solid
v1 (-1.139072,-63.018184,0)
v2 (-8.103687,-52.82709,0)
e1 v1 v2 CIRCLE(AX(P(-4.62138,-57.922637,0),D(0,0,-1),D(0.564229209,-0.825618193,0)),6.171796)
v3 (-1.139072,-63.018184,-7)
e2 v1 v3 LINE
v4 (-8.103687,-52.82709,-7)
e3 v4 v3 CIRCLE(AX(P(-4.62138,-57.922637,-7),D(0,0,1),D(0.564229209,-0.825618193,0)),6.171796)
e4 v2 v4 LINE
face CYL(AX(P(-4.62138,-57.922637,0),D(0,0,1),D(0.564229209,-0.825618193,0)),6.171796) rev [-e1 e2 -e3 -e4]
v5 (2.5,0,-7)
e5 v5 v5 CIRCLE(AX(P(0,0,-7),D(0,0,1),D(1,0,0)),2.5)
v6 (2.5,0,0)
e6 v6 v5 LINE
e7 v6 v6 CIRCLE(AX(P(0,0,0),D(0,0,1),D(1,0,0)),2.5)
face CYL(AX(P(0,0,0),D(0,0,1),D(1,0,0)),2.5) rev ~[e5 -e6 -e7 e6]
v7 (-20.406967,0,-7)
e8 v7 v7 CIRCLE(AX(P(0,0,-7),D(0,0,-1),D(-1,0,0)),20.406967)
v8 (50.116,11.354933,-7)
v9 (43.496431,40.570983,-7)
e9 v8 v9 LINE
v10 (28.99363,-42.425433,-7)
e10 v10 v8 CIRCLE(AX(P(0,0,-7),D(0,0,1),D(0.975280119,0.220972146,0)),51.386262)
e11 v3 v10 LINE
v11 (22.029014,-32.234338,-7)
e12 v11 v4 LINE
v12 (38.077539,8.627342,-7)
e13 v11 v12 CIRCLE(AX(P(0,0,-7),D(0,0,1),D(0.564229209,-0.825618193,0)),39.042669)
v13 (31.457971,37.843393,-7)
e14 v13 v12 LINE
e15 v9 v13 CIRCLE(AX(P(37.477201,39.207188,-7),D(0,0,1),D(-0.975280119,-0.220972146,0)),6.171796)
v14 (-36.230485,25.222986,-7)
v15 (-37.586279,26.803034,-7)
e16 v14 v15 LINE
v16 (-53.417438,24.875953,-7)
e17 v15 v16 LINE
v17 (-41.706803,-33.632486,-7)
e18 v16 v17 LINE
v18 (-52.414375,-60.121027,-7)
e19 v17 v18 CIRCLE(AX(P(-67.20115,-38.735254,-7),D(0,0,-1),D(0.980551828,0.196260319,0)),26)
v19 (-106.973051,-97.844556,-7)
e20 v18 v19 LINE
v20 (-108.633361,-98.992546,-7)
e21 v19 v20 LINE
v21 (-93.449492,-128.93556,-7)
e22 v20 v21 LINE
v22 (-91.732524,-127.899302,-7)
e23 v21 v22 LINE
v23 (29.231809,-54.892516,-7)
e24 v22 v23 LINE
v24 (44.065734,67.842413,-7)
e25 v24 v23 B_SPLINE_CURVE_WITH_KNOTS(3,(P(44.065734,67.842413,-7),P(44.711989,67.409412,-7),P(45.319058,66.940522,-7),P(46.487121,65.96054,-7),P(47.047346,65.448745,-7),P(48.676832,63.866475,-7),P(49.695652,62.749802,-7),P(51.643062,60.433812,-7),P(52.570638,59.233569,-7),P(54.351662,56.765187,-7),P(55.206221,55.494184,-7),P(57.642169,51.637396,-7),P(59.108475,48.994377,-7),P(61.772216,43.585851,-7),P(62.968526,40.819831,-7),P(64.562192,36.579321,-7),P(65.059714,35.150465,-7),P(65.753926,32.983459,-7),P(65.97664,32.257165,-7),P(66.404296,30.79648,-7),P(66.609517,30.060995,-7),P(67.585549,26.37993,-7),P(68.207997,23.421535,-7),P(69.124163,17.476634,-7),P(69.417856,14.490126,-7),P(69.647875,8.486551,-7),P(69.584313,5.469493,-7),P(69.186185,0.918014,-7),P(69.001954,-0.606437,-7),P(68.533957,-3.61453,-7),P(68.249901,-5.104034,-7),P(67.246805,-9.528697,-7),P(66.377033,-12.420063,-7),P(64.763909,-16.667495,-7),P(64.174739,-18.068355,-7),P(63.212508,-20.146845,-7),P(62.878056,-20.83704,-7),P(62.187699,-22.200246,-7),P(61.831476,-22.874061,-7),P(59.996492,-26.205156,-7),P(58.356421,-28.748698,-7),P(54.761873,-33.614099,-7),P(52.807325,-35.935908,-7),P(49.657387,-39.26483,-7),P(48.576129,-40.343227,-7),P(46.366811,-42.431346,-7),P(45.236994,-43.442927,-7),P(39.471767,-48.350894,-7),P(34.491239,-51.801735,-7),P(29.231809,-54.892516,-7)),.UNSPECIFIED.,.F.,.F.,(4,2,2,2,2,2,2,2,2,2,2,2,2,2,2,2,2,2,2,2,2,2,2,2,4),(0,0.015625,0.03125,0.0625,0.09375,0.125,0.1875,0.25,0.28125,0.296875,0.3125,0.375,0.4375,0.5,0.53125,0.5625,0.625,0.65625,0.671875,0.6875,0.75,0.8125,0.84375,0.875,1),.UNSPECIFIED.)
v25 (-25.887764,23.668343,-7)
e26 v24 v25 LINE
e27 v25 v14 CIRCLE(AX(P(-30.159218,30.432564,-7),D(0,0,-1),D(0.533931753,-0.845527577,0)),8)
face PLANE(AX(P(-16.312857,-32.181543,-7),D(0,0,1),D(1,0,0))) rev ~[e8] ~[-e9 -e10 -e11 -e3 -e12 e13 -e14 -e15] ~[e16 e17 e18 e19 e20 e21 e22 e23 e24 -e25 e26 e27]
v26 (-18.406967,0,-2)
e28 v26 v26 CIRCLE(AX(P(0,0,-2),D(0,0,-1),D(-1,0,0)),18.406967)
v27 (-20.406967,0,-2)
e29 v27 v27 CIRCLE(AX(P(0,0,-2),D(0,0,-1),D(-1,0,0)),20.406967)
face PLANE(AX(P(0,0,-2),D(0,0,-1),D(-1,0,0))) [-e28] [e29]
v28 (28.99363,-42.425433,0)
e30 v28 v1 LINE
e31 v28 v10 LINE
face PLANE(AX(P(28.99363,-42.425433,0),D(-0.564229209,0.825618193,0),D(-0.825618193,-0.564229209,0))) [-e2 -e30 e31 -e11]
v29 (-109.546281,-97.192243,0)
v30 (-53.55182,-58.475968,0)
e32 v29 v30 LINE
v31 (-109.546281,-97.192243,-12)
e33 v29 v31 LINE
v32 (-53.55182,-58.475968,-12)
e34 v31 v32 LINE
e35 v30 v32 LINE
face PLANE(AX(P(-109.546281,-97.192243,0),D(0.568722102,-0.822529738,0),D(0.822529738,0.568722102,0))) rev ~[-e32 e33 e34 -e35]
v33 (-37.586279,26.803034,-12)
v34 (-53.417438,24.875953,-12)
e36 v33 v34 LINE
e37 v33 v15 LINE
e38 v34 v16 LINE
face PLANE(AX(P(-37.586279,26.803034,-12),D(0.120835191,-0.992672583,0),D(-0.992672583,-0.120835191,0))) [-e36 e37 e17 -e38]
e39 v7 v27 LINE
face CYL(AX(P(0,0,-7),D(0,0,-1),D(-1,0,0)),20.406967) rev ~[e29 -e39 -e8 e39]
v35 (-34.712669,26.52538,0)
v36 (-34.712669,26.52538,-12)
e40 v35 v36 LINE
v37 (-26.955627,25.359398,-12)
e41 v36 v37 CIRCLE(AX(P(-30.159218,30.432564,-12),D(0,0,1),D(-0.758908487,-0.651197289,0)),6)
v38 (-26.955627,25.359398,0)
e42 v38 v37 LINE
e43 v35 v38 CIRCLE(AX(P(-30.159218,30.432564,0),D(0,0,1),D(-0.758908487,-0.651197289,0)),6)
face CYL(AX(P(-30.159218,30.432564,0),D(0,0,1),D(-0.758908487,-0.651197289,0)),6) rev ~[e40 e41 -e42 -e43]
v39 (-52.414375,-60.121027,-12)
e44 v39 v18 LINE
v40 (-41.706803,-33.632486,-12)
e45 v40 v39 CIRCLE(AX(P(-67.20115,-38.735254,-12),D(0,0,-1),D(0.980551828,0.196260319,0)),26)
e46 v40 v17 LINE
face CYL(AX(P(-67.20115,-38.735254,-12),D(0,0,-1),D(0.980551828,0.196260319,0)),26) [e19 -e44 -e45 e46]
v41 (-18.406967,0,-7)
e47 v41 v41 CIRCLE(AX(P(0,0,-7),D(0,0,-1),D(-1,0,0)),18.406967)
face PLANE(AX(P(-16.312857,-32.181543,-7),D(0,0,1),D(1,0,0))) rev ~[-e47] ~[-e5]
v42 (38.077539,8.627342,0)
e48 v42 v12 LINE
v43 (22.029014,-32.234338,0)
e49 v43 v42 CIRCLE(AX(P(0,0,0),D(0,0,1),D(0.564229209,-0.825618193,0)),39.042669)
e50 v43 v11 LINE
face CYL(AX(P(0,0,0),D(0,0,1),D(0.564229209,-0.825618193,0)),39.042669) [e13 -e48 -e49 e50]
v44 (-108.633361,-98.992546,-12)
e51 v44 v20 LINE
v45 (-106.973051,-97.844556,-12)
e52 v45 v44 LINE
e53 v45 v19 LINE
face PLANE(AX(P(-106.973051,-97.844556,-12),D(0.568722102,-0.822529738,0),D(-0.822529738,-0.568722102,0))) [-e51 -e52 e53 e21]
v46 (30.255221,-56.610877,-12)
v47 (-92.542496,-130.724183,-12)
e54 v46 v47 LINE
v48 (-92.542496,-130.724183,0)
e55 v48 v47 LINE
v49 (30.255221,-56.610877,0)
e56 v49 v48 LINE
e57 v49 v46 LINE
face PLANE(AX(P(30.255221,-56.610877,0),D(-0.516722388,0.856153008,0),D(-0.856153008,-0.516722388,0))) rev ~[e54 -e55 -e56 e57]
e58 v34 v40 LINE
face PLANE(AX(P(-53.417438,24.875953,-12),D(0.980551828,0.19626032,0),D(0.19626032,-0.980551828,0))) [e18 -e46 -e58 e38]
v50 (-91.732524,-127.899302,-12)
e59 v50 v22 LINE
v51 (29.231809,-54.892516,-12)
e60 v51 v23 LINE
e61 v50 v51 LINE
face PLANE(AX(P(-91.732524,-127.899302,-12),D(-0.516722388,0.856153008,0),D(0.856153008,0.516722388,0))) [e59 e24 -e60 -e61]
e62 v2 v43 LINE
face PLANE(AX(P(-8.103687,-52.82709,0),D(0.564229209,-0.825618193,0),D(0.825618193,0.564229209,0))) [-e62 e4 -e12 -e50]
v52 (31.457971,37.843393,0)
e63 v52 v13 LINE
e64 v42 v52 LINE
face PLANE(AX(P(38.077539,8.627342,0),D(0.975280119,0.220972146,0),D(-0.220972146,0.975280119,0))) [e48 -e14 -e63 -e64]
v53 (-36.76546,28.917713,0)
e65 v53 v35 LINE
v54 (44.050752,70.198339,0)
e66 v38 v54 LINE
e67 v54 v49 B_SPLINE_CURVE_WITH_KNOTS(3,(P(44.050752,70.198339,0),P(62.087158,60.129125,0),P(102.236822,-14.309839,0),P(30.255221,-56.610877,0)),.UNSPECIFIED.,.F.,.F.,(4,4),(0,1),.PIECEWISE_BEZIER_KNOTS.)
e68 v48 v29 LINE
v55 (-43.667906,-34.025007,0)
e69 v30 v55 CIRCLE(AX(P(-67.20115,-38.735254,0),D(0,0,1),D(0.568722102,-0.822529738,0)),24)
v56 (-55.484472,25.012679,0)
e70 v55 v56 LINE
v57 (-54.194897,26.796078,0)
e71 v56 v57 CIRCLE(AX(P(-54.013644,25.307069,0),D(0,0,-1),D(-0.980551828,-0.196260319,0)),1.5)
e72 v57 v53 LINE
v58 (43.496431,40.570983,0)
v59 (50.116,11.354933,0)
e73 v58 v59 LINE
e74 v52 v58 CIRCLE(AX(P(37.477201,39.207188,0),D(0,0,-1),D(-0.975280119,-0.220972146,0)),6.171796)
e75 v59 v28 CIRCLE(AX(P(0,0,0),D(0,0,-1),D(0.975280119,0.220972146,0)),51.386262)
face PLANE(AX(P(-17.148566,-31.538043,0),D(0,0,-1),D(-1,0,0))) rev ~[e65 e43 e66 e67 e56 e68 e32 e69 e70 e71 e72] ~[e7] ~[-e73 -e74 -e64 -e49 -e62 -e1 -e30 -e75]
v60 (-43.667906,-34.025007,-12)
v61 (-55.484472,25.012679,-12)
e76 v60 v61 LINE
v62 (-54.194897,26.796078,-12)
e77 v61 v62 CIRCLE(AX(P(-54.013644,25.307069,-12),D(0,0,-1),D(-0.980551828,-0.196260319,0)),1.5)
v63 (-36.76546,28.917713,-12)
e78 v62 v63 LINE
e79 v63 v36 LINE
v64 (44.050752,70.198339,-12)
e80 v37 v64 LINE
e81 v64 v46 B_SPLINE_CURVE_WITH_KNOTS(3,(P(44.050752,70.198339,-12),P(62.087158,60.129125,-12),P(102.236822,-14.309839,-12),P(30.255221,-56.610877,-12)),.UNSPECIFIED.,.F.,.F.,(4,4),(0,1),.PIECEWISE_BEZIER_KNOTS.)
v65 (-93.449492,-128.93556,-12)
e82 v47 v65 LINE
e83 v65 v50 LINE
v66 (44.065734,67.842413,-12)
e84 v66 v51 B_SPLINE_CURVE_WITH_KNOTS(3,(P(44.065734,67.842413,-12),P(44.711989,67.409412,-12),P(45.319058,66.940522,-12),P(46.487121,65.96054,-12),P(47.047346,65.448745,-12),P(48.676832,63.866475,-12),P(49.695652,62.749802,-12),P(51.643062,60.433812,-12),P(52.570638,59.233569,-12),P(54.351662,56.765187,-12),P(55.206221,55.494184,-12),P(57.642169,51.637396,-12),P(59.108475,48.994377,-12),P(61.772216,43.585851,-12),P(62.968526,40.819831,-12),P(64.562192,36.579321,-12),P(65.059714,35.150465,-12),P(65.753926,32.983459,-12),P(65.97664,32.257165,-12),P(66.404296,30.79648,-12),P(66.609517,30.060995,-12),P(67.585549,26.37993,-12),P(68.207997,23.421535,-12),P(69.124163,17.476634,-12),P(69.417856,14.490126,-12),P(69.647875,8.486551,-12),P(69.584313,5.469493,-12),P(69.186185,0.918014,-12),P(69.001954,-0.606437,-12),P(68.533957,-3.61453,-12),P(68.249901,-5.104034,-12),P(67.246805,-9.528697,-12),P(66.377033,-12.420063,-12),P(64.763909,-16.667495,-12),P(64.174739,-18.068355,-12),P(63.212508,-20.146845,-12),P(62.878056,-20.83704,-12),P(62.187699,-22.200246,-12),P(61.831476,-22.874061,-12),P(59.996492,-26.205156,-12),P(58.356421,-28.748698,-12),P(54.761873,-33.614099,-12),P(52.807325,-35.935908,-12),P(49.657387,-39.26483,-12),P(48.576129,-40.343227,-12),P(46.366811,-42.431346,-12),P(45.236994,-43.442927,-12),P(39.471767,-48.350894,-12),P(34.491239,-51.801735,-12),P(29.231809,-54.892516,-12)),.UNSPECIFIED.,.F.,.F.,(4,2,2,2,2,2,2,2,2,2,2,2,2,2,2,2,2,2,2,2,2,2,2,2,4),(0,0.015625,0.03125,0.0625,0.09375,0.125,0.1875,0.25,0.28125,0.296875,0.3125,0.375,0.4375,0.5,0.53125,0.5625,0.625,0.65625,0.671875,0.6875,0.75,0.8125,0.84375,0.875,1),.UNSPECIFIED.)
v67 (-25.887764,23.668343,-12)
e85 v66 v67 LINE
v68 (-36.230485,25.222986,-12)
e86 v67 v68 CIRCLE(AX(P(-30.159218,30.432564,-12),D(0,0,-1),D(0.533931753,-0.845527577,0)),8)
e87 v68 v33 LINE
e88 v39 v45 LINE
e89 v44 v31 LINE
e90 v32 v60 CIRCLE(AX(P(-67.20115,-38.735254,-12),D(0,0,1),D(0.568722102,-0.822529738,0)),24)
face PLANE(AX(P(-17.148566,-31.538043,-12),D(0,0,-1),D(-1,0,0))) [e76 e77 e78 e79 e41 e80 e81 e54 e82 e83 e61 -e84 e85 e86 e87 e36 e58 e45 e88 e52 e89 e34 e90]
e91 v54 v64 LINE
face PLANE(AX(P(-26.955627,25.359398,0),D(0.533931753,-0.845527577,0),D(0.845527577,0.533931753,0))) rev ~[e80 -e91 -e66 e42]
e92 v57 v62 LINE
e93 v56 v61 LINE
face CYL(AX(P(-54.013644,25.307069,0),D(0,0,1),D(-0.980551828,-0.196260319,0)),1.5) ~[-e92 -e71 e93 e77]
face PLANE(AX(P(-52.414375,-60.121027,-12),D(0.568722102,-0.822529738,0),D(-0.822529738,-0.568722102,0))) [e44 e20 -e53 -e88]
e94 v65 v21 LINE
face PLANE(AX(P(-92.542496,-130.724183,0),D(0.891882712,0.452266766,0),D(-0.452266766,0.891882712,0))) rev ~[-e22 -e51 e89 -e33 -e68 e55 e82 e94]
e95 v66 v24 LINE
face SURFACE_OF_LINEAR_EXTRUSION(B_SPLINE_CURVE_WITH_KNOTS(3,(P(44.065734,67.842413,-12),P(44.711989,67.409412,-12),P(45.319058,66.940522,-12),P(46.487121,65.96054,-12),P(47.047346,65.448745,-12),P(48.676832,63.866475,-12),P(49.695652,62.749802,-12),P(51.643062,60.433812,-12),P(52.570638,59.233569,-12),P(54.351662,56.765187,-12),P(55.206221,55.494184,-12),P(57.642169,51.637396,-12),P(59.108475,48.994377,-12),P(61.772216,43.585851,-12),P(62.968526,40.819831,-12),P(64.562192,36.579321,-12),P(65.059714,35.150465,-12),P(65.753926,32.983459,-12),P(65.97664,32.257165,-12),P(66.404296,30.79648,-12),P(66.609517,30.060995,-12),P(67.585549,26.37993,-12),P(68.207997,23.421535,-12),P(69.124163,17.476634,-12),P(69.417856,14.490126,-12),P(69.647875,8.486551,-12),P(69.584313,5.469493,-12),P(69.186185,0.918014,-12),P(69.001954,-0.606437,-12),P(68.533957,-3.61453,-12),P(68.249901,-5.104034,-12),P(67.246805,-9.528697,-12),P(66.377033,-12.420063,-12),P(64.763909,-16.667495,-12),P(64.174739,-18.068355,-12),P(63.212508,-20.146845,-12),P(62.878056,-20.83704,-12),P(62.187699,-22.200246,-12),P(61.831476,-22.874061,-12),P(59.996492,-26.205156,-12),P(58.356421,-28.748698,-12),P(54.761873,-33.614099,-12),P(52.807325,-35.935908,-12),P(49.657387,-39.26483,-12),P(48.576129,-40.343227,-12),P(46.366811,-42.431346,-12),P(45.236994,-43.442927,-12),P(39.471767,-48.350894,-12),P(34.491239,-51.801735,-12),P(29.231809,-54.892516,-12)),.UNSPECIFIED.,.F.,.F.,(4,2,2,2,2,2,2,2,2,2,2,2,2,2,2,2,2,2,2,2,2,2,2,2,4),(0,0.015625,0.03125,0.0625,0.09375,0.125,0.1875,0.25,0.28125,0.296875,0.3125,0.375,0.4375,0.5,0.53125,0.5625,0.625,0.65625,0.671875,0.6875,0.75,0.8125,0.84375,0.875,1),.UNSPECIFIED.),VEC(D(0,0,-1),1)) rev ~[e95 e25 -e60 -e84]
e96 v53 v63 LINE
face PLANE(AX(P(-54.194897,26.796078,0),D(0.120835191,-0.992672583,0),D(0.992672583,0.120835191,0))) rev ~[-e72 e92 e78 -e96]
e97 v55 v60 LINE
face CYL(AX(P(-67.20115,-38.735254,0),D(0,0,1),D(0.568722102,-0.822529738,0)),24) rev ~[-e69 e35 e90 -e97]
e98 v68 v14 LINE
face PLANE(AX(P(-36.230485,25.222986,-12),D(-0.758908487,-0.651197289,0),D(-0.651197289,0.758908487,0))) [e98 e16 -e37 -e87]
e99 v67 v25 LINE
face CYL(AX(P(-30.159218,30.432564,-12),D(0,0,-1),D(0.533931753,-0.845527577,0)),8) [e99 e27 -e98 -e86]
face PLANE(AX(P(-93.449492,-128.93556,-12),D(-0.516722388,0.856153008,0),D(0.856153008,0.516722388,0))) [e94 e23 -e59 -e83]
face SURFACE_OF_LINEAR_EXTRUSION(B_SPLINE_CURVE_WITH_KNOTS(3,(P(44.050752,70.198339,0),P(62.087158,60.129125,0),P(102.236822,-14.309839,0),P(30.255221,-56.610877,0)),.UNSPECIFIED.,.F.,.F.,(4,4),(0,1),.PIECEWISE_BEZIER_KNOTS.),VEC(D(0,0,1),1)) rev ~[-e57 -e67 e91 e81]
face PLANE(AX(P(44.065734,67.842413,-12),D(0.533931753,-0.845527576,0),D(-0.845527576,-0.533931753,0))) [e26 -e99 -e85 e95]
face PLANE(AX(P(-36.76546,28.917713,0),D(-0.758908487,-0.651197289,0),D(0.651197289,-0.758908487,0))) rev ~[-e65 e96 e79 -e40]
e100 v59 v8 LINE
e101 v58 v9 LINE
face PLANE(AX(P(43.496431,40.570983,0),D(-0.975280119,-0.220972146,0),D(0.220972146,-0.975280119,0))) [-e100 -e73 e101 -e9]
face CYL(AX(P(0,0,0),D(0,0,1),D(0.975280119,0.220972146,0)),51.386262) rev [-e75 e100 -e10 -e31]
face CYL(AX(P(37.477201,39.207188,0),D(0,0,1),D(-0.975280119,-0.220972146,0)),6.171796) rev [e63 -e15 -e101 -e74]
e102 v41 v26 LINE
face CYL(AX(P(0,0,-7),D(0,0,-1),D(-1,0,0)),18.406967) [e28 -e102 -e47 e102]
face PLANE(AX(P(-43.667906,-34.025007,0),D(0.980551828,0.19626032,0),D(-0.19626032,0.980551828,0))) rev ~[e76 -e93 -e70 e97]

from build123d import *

# Parameters (mm, degrees)
SKETCH1_R           = 2.5
BOSS_EXTRUDE1_DEPTH = 12
CUT_EXTRUDE2_DEPTH  = 5
SKETCH2_R           = 20.406966807
SKETCH2_R_2         = 18.406966807
CUT_EXTRUDE1_DEPTH  = 5


with BuildPart() as part:
    # Sketch1 → Boss-Extrude1 (new body)
    with BuildSketch(Plane.XY):
        with BuildLine():
            Line((-26.955627075, 25.359398414), (44.050751749, 70.198338512))
            add(Edge.make_bspline(
                [(44.050751749, 70.198338512), (62.087157858, 60.129124735), (102.236821697, -14.309839041), (30.255220871, -56.610877482)],
                knots=[0, 0, 0, 0, 1, 1, 1, 1], degree=3))
            Line((30.255220871, -56.610877482), (-92.542495842, -130.724182913))
            Line((-92.542495842, -130.724182913), (-109.546280871, -97.192243206))
            Line((-109.546280871, -97.192243206), (-53.551819625, -58.475967995))
            ThreePointArc((-53.551819625, -58.475967995), (-44.950344781, -47.729789478), (-43.667906214, -34.025006607))
            Line((-43.667906214, -34.025006607), (-55.484471769, 25.012678553))
            ThreePointArc((-55.484471769, 25.012678553), (-55.229156607, 26.186005417), (-54.194896814, 26.796077907))
            Line((-54.194896814, 26.796077907), (-36.765460017, 28.917713338))
            Line((-36.765460017, 28.917713338), (-34.712668517, 26.525380142))
            ThreePointArc((-34.712668517, 26.525380142), (-31.051074716, 24.4992182), (-26.955627075, 25.359398414))
        make_face()
        Circle(SKETCH1_R, mode=Mode.SUBTRACT)
        with BuildLine():
            Line((38.077539086, 8.627342387), (31.457970773, 37.843392922))
            ThreePointArc((31.457970773, 37.843392922), (36.113405951, 45.226418252), (43.49643128, 40.570983074))
            Line((43.49643128, 40.570983074), (50.115999593, 11.354932539))
            ThreePointArc((50.115999593, 11.354932539), (47.829544092, -18.785170217), (28.993629861, -42.425432651))
            Line((28.993629861, -42.425432651), (-1.139071825, -63.018184329))
            ThreePointArc((-1.139071825, -63.018184329), (-9.716926906, -61.404944758), (-8.103687335, -52.827089677))
            Line((-8.103687335, -52.827089677), (22.029014352, -32.234337999))
            ThreePointArc((22.029014352, -32.234337999), (36.340317452, -14.272748403), (38.077539086, 8.627342387))
        make_face(mode=Mode.SUBTRACT)
    extrude(amount=-BOSS_EXTRUDE1_DEPTH)

    # Sketch3 → Cut-Extrude2 (cut)
    with BuildSketch(Plane(origin=(0, 0, -12), x_dir=(-1, 0, 0), z_dir=(0, 0, -1))):
        with BuildLine():
            Line((108.633361408, -98.992545924), (93.449492386, -128.935560359))
            Line((93.449492386, -128.935560359), (91.732523821, -127.89930155))
            Line((91.732523821, -127.89930155), (-29.231808811, -54.892516323))
            add(Edge.make_bspline(
                [(-44.065734477, 67.842412696), (-44.711989199, 67.409412256), (-45.319058391, 66.940521732), (-46.487121265, 65.960540056), (-47.04734625, 65.448744854), (-48.676831708, 63.866474713), (-49.695652132, 62.74980166), (-51.643061578, 60.433812481), (-52.570637695, 59.233568633), (-54.351661803, 56.76518688), (-55.206220539, 55.494184071), (-57.642169465, 51.637395526), (-59.108475151, 48.994377471), (-61.772216068, 43.585851359), (-62.968525898, 40.819830599), (-64.562191776, 36.579321004), (-65.059713989, 35.150465126), (-65.753925807, 32.983458962), (-65.976639631, 32.257164595), (-66.404295719, 30.796479627), (-66.609516748, 30.060994816), (-67.585549406, 26.379930292), (-68.207997329, 23.421535241), (-69.124162601, 17.476634327), (-69.417856055, 14.49012642), (-69.647875237, 8.486550939), (-69.584312973, 5.469492942), (-69.186185446, 0.918013899), (-69.001954276, -0.606436507), (-68.53395704, -3.614530288), (-68.249900615, -5.10403396), (-67.246805131, -9.528696616), (-66.377032654, -12.420063251), (-64.763908669, -16.667495261), (-64.174739481, -18.06835499), (-63.212508348, -20.146844678), (-62.87805617, -20.837039742), (-62.187699389, -22.200245629), (-61.831475952, -22.874060854), (-59.996492333, -26.20515645), (-58.3564207, -28.748698204), (-54.76187252, -33.614098874), (-52.807325031, -35.935907769), (-49.657387027, -39.264829798), (-48.576129174, -40.343226595), (-46.36681057, -42.431345516), (-45.23699415, -43.442927339), (-39.471767159, -48.350894333), (-34.491238963, -51.801735421), (-29.231808811, -54.892516323)],
                knots=[0, 0, 0, 0, 0.015625, 0.015625, 0.03125, 0.03125, 0.0625, 0.0625, 0.09375, 0.09375, 0.125, 0.125, 0.1875, 0.1875, 0.25, 0.25, 0.28125, 0.28125, 0.296875, 0.296875, 0.3125, 0.3125, 0.375, 0.375, 0.4375, 0.4375, 0.5, 0.5, 0.53125, 0.53125, 0.5625, 0.5625, 0.625, 0.625, 0.65625, 0.65625, 0.671875, 0.671875, 0.6875, 0.6875, 0.75, 0.75, 0.8125, 0.8125, 0.84375, 0.84375, 0.875, 0.875, 1, 1, 1, 1], degree=3))
            Line((-44.065734477, 67.842412696), (25.887763568, 23.668343261))
            ThreePointArc((25.887763568, 23.668343261), (31.348360423, 22.521436309), (36.230485491, 25.222985565))
            Line((36.230485491, 25.222985565), (37.586279366, 26.80303434))
            Line((37.586279366, 26.80303434), (53.417437888, 24.875952746))
            Line((53.417437888, 24.875952746), (41.706802558, -33.632485968))
            ThreePointArc((41.706802558, -33.632485968), (43.096111006, -48.479334078), (52.414375421, -60.121027471))
            Line((52.414375421, -60.121027471), (106.973050581, -97.844556472))
            Line((106.973050581, -97.844556472), (108.633361408, -98.992545924))
        make_face()
    extrude(amount=-CUT_EXTRUDE2_DEPTH, mode=Mode.SUBTRACT)

    # Sketch2 → Cut-Extrude1 (cut)
    with BuildSketch(Plane(origin=(0, 0, -7), x_dir=(-1, 0, 0), z_dir=(0, 0, -1))):
        Circle(SKETCH2_R)
        Circle(SKETCH2_R_2, mode=Mode.SUBTRACT)
    extrude(amount=-CUT_EXTRUDE1_DEPTH, mode=Mode.SUBTRACT)


solid = part.part
